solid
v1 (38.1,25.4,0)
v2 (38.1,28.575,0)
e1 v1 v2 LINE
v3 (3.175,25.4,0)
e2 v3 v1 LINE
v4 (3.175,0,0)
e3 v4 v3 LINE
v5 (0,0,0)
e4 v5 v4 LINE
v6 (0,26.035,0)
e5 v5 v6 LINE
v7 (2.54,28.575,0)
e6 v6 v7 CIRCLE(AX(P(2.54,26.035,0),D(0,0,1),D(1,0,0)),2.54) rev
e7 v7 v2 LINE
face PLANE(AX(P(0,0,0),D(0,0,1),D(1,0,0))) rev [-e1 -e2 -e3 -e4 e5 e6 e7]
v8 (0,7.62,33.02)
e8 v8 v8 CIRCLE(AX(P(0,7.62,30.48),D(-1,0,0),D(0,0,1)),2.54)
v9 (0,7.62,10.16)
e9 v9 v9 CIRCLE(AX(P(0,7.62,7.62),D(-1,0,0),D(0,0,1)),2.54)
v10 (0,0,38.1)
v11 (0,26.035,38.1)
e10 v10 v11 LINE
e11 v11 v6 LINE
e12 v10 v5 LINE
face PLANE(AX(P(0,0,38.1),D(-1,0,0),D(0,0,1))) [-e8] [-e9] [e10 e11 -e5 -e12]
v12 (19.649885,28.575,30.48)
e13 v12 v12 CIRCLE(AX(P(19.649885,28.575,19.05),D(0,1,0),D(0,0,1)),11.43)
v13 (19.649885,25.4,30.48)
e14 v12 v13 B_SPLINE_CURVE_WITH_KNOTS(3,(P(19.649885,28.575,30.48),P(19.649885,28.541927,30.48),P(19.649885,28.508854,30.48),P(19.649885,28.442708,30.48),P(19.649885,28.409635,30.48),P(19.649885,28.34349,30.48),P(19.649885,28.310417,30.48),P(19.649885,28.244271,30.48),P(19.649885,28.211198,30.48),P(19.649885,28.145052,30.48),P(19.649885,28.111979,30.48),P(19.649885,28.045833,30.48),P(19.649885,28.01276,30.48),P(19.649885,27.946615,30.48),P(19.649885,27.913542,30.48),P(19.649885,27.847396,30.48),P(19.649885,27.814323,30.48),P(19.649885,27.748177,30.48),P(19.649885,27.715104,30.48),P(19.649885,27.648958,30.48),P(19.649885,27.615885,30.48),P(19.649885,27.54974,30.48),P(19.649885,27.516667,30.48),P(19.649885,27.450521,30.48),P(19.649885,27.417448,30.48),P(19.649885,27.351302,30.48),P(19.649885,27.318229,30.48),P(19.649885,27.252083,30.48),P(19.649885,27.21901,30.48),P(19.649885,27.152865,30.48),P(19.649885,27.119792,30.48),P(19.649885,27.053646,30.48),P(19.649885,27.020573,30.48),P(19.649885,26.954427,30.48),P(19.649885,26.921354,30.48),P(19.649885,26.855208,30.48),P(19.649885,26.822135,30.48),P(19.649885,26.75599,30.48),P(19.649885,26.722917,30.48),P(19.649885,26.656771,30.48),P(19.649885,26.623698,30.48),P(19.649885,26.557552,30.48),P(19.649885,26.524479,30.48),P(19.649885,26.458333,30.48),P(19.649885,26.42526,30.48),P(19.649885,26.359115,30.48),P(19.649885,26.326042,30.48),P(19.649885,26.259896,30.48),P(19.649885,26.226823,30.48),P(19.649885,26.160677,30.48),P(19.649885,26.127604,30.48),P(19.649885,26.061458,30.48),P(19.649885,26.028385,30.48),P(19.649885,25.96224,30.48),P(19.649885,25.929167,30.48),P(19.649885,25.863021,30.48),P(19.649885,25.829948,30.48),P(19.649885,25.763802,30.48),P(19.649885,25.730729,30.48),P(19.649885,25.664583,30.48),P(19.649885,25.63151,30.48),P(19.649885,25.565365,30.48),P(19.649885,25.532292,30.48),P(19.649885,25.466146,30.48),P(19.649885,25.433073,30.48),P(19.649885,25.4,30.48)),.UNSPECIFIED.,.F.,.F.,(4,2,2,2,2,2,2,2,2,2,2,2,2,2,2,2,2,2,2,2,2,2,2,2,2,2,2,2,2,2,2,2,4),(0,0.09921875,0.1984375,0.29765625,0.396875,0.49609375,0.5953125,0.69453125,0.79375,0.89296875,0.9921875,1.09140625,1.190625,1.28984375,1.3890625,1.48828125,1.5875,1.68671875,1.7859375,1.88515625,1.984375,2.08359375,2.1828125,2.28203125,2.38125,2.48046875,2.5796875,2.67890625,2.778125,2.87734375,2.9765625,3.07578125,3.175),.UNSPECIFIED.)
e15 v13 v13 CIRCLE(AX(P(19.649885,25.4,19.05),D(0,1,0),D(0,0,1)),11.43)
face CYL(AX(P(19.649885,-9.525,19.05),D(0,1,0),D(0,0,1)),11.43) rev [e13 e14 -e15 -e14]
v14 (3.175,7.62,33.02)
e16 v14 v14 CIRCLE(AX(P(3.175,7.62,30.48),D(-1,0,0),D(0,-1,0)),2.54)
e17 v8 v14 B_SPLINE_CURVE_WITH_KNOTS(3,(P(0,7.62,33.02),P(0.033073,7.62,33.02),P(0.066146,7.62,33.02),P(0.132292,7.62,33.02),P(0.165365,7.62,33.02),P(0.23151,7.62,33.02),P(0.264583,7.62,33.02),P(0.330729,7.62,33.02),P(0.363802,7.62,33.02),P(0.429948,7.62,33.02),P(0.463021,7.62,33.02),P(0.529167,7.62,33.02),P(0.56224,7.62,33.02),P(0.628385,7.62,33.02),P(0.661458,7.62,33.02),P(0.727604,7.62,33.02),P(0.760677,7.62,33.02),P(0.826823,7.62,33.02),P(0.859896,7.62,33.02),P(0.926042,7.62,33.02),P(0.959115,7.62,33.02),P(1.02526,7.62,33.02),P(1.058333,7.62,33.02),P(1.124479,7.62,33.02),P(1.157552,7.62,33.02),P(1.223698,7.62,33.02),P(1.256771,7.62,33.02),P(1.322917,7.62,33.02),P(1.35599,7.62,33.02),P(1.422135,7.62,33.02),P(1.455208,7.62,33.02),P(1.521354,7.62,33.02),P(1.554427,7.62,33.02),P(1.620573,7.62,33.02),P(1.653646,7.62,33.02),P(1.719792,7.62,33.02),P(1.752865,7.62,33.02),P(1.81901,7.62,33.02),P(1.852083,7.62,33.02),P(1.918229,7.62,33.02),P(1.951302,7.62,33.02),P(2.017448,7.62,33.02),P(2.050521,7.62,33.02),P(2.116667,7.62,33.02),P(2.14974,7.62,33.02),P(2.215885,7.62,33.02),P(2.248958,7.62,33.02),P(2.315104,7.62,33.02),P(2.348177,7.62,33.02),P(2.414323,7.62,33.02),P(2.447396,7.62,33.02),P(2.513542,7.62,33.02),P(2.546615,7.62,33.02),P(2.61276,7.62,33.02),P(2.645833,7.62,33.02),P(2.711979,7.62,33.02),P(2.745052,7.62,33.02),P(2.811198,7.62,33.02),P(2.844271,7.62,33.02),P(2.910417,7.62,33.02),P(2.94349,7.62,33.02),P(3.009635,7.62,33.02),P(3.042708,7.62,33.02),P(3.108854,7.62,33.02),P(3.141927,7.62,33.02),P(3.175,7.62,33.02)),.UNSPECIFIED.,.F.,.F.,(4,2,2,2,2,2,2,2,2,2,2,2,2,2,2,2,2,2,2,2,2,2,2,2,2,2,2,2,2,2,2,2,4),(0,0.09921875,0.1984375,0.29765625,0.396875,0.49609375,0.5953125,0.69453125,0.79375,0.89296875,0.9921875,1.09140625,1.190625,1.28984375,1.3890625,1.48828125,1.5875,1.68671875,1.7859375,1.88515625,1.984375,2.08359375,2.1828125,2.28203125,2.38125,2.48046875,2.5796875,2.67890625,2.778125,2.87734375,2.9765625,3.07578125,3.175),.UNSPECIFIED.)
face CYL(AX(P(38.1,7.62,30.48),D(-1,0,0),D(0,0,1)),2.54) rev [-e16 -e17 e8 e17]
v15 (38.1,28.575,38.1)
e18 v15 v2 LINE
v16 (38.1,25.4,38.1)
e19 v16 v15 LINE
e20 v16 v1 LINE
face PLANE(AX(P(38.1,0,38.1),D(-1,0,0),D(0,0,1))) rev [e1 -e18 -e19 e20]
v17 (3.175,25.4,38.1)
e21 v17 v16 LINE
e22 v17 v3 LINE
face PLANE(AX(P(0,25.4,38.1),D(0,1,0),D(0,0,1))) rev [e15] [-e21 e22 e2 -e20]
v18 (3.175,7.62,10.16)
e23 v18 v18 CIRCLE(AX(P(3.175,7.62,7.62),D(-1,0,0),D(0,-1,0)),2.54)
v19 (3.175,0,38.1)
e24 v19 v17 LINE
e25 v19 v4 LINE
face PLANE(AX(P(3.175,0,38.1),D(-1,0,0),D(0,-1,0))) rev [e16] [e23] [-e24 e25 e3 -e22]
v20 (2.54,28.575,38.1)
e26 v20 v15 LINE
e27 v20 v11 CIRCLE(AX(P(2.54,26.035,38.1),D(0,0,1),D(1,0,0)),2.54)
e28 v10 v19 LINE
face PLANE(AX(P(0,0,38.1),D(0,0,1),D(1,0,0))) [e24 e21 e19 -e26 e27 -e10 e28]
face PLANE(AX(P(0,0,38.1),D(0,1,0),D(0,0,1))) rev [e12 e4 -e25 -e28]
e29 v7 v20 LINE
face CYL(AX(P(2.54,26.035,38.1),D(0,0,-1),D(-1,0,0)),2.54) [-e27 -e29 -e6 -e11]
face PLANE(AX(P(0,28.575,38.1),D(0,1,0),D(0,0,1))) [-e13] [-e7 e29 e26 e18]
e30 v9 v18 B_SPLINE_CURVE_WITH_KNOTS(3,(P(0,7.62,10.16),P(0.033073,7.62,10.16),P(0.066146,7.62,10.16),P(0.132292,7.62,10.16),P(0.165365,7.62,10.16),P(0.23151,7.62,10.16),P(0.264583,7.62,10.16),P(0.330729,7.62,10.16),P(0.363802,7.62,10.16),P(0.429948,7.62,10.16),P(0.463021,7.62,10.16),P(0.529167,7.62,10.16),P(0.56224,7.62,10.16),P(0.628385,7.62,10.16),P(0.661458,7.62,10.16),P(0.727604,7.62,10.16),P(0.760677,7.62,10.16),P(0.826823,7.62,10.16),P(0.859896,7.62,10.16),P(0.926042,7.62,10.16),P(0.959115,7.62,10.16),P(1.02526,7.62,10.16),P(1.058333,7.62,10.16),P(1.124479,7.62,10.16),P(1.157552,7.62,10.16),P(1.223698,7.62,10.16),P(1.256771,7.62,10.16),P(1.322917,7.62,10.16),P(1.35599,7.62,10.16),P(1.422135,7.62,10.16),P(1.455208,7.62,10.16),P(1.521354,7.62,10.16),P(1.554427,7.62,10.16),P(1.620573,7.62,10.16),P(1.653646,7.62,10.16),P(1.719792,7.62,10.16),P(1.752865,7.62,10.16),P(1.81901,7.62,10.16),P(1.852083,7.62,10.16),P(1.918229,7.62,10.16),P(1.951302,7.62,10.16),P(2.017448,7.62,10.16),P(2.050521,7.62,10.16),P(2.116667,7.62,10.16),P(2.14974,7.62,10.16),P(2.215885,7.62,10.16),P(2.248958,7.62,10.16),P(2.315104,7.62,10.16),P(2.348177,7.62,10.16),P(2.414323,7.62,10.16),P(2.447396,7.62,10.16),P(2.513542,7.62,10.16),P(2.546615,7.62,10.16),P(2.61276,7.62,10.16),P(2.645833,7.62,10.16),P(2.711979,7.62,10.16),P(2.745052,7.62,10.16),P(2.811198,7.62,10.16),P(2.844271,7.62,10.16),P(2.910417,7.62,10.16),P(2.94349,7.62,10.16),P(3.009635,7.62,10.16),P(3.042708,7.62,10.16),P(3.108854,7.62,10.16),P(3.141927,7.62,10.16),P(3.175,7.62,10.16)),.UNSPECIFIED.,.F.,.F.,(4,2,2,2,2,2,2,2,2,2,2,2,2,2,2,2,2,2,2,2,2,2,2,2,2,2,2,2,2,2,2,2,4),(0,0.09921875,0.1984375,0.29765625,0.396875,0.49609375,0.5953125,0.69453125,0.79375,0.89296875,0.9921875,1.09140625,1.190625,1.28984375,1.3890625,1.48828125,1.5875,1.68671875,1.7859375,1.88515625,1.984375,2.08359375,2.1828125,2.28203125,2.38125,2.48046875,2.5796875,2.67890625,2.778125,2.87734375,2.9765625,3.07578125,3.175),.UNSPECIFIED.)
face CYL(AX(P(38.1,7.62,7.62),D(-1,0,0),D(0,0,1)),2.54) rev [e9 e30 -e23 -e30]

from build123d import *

# Parameters (mm, degrees)
SKETCH1_W           = 3.175
SKETCH1_H           = 25.4
BOSS_EXTRUDE1_DEPTH = 38.1
FILLET1_R           = 2.54
SKETCH2_R           = 11.43
CUT_EXTRUDE1_DEPTH  = 38.1
SKETCH3_R           = 2.54
CUT_EXTRUDE3_DEPTH  = 61.989758362


with BuildPart() as part:
    # Sketch1 → Boss-Extrude1 (new body)
    with BuildSketch(Plane.XY):
        Polygon((0, 28.575), (0, 25.4), (3.175, 25.4), (38.1, 25.4), (38.1, 28.575), align=None)
        with Locations((1.5875, 12.7)):
            Rectangle(SKETCH1_W, SKETCH1_H)
    extrude(amount=BOSS_EXTRUDE1_DEPTH)

    # Fillet1
    fillet1_edges = [part.edges().sort_by_distance(p)[0] for p in [
        (0, 28.575, 19.05),
    ]]
    fillet(fillet1_edges, radius=FILLET1_R)

    # Sketch2 → Cut-Extrude1 (cut)
    with BuildSketch(Plane(origin=(0, 28.575, 0), x_dir=(1, 0, 0), z_dir=(0, 1, 0))):
        with Locations(Location((19.649884534, -19.05, 0), (0, 0, 270))):
            Circle(SKETCH2_R)
    extrude(amount=-CUT_EXTRUDE1_DEPTH, mode=Mode.SUBTRACT)

    # Sketch3 → Cut-Extrude3 (cut, through all)
    with BuildSketch(Plane.ZY):
        with Locations((7.62, 7.62)):
            Circle(SKETCH3_R)
        with Locations((30.48, 7.62)):
            Circle(SKETCH3_R)
    extrude(amount=-CUT_EXTRUDE3_DEPTH, mode=Mode.SUBTRACT)


solid = part.part
